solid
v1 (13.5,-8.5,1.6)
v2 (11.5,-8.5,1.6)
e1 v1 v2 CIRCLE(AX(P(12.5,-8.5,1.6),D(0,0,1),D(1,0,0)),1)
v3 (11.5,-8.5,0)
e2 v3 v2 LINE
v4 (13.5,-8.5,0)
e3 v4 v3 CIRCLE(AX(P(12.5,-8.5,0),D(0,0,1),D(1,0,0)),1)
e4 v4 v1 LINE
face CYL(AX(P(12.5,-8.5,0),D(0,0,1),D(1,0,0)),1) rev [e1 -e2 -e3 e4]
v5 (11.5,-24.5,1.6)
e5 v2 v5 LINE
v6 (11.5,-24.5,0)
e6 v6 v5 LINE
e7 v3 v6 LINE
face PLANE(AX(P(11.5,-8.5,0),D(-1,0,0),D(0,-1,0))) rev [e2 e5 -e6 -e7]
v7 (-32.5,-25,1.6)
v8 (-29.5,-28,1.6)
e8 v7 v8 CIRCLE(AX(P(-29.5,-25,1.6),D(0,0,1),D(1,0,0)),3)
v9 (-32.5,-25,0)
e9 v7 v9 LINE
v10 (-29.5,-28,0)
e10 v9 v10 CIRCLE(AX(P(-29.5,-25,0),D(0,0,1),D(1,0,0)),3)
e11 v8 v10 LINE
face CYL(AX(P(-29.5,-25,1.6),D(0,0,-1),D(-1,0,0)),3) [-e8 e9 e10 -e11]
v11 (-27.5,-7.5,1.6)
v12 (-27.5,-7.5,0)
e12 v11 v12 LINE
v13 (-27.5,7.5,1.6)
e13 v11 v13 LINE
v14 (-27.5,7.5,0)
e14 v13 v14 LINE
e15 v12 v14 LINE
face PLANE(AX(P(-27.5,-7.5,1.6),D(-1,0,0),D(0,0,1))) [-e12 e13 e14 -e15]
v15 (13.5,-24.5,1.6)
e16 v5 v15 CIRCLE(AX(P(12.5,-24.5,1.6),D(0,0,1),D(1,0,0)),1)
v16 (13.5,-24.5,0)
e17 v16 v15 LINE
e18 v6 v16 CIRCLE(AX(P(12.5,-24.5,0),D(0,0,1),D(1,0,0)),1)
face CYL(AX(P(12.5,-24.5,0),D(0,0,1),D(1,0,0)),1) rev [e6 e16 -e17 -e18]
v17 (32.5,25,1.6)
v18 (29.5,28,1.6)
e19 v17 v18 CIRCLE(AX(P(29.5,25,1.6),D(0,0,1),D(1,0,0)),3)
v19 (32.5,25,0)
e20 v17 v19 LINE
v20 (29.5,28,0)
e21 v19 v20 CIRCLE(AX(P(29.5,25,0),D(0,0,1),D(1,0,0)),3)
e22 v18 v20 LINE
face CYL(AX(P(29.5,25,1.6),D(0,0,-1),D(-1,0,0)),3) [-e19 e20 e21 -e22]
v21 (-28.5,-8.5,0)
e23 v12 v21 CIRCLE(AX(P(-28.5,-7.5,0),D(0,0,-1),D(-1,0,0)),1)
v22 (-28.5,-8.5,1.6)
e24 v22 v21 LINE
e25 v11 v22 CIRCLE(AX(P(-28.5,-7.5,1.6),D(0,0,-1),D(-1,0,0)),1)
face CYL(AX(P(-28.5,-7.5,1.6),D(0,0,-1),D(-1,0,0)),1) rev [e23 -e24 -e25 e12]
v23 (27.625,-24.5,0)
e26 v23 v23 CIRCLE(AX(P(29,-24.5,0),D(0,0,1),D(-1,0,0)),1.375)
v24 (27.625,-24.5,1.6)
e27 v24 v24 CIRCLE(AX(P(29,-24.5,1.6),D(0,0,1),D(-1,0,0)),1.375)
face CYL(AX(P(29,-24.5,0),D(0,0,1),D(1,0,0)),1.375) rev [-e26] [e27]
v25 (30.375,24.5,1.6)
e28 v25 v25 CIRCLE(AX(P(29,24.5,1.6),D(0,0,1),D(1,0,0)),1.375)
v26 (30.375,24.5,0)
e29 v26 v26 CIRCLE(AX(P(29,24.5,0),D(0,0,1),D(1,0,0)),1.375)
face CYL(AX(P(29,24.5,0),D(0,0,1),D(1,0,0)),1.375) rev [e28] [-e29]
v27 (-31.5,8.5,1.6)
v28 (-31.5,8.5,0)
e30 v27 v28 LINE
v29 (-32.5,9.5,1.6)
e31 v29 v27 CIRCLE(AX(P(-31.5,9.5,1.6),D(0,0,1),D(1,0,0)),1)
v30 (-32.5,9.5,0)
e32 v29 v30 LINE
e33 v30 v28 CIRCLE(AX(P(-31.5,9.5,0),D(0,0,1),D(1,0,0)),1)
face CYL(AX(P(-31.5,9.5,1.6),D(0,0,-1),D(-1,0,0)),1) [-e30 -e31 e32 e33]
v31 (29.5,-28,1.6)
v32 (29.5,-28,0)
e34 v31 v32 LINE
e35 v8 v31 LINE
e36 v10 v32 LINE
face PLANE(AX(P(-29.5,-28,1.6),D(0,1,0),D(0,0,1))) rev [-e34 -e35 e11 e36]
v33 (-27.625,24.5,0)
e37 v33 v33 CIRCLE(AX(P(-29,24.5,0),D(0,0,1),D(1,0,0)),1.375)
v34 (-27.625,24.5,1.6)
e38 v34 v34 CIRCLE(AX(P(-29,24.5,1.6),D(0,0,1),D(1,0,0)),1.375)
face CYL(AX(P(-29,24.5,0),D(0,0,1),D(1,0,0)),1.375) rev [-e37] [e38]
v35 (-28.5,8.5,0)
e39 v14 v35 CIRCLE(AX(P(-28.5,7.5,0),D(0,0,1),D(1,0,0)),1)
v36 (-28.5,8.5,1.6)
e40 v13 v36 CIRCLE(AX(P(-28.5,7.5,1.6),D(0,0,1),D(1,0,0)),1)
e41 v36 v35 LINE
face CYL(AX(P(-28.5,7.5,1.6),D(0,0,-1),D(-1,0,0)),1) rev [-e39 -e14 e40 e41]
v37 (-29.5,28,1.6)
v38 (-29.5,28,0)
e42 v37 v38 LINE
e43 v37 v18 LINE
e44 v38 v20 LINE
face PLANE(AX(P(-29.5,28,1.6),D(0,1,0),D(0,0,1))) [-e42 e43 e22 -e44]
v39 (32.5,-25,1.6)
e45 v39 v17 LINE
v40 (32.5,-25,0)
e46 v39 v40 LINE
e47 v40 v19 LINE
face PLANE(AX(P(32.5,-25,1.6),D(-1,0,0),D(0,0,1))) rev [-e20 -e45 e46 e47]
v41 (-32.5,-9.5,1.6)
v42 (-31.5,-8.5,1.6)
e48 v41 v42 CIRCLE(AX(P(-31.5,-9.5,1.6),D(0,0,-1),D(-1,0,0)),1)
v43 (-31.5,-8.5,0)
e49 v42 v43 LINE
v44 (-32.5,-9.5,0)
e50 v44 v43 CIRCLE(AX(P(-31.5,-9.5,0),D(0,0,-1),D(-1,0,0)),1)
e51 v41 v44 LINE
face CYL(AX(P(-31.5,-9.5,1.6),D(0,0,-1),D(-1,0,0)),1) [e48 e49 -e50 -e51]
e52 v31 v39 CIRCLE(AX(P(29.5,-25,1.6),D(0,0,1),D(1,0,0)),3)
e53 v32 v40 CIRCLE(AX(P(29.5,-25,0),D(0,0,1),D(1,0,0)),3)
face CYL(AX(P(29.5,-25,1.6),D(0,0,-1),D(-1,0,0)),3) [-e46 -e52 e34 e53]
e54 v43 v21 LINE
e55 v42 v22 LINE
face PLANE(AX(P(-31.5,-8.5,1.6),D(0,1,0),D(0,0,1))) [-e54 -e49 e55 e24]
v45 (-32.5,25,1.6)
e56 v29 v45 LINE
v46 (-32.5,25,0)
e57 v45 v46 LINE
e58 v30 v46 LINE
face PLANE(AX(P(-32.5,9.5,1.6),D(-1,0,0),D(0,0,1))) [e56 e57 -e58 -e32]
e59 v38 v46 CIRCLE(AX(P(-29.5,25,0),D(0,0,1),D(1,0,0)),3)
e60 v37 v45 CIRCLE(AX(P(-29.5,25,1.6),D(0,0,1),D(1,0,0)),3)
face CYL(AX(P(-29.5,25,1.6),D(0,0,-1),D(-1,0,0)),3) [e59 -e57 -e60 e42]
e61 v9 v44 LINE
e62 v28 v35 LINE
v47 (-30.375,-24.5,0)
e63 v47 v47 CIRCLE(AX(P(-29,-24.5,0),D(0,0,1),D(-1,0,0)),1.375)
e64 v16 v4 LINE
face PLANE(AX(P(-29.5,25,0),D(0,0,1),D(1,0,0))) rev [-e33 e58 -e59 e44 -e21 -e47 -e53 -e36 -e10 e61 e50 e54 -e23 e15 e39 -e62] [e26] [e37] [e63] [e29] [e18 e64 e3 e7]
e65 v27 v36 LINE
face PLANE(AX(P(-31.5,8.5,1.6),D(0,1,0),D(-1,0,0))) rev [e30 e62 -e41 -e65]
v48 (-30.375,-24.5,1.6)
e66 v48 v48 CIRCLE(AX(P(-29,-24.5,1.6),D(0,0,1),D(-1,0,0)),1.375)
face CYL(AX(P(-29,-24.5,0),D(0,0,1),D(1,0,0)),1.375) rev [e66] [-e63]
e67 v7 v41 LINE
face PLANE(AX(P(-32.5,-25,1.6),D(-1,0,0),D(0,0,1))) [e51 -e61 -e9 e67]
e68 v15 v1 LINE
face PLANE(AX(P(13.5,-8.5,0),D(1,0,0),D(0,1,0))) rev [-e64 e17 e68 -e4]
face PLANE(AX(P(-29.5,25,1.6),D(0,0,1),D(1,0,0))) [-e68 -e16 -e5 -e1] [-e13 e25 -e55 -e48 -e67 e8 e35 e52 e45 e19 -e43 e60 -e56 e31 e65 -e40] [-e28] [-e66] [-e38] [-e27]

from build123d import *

# Parameters (mm, degrees)
BOSS_EXTRUDE1_DEPTH = 1.6
CUT_EXTRUDE1_DEPTH  = 43.927962915
SKETCH4_R           = 1.375
CUT_EXTRUDE2_DEPTH  = 43.927962915


with BuildPart() as part:
    # Sketch1 → Boss-Extrude1 (new body)
    with BuildSketch(Plane.XY):
        with BuildLine():
            Line((-29.5, -28), (29.5, -28))
            ThreePointArc((29.5, -28), (31.621320344, -27.121320344), (32.5, -25))
            Line((32.5, -25), (32.5, 25))
            ThreePointArc((32.5, 25), (31.621320344, 27.121320344), (29.5, 28))
            Line((29.5, 28), (-29.5, 28))
            ThreePointArc((-29.5, 28), (-31.621320344, 27.121320344), (-32.5, 25))
            Line((-32.5, 25), (-32.5, 9.5))
            ThreePointArc((-32.5, 9.5), (-32.207106781, 8.792893219), (-31.5, 8.5))
            Line((-31.5, 8.5), (-28.5, 8.5))
            ThreePointArc((-28.5, 8.5), (-27.792893219, 8.207106781), (-27.5, 7.5))
            Line((-27.5, 7.5), (-27.5, -7.5))
            ThreePointArc((-27.5, -7.5), (-27.792893219, -8.207106781), (-28.5, -8.5))
            Line((-28.5, -8.5), (-31.5, -8.5))
            ThreePointArc((-31.5, -8.5), (-32.207106781, -8.792893219), (-32.5, -9.5))
            Line((-32.5, -9.5), (-32.5, -25))
            ThreePointArc((-32.5, -25), (-31.621320344, -27.121320344), (-29.5, -28))
        make_face()
    extrude(amount=BOSS_EXTRUDE1_DEPTH)

    # Sketch3 → Cut-Extrude1 (cut, through all)
    with BuildSketch(Plane.XY.offset(1.6)):
        with BuildLine():
            Line((13.5, -8.5), (13.5, -24.5))
            ThreePointArc((13.5, -24.5), (12.5, -25.5), (11.5, -24.5))
            Line((11.5, -24.5), (11.5, -8.5))
            ThreePointArc((11.5, -8.5), (12.5, -7.5), (13.5, -8.5))
        make_face()
    extrude(amount=-CUT_EXTRUDE1_DEPTH, mode=Mode.SUBTRACT)

    # Sketch4 → Cut-Extrude2 (cut, through all)
    with BuildSketch(Plane.XY.offset(1.6)):
        with Locations((-29, 24.5)):
            Circle(SKETCH4_R)
        with Locations((29, 24.5)):
            Circle(SKETCH4_R)
        with Locations(Location((29, -24.5, 0), (0, 0, 180))):
            Circle(SKETCH4_R)
        with Locations(Location((-29, -24.5, 0), (0, 0, 180))):
            Circle(SKETCH4_R)
    extrude(amount=-CUT_EXTRUDE2_DEPTH, mode=Mode.SUBTRACT)


solid = part.part
